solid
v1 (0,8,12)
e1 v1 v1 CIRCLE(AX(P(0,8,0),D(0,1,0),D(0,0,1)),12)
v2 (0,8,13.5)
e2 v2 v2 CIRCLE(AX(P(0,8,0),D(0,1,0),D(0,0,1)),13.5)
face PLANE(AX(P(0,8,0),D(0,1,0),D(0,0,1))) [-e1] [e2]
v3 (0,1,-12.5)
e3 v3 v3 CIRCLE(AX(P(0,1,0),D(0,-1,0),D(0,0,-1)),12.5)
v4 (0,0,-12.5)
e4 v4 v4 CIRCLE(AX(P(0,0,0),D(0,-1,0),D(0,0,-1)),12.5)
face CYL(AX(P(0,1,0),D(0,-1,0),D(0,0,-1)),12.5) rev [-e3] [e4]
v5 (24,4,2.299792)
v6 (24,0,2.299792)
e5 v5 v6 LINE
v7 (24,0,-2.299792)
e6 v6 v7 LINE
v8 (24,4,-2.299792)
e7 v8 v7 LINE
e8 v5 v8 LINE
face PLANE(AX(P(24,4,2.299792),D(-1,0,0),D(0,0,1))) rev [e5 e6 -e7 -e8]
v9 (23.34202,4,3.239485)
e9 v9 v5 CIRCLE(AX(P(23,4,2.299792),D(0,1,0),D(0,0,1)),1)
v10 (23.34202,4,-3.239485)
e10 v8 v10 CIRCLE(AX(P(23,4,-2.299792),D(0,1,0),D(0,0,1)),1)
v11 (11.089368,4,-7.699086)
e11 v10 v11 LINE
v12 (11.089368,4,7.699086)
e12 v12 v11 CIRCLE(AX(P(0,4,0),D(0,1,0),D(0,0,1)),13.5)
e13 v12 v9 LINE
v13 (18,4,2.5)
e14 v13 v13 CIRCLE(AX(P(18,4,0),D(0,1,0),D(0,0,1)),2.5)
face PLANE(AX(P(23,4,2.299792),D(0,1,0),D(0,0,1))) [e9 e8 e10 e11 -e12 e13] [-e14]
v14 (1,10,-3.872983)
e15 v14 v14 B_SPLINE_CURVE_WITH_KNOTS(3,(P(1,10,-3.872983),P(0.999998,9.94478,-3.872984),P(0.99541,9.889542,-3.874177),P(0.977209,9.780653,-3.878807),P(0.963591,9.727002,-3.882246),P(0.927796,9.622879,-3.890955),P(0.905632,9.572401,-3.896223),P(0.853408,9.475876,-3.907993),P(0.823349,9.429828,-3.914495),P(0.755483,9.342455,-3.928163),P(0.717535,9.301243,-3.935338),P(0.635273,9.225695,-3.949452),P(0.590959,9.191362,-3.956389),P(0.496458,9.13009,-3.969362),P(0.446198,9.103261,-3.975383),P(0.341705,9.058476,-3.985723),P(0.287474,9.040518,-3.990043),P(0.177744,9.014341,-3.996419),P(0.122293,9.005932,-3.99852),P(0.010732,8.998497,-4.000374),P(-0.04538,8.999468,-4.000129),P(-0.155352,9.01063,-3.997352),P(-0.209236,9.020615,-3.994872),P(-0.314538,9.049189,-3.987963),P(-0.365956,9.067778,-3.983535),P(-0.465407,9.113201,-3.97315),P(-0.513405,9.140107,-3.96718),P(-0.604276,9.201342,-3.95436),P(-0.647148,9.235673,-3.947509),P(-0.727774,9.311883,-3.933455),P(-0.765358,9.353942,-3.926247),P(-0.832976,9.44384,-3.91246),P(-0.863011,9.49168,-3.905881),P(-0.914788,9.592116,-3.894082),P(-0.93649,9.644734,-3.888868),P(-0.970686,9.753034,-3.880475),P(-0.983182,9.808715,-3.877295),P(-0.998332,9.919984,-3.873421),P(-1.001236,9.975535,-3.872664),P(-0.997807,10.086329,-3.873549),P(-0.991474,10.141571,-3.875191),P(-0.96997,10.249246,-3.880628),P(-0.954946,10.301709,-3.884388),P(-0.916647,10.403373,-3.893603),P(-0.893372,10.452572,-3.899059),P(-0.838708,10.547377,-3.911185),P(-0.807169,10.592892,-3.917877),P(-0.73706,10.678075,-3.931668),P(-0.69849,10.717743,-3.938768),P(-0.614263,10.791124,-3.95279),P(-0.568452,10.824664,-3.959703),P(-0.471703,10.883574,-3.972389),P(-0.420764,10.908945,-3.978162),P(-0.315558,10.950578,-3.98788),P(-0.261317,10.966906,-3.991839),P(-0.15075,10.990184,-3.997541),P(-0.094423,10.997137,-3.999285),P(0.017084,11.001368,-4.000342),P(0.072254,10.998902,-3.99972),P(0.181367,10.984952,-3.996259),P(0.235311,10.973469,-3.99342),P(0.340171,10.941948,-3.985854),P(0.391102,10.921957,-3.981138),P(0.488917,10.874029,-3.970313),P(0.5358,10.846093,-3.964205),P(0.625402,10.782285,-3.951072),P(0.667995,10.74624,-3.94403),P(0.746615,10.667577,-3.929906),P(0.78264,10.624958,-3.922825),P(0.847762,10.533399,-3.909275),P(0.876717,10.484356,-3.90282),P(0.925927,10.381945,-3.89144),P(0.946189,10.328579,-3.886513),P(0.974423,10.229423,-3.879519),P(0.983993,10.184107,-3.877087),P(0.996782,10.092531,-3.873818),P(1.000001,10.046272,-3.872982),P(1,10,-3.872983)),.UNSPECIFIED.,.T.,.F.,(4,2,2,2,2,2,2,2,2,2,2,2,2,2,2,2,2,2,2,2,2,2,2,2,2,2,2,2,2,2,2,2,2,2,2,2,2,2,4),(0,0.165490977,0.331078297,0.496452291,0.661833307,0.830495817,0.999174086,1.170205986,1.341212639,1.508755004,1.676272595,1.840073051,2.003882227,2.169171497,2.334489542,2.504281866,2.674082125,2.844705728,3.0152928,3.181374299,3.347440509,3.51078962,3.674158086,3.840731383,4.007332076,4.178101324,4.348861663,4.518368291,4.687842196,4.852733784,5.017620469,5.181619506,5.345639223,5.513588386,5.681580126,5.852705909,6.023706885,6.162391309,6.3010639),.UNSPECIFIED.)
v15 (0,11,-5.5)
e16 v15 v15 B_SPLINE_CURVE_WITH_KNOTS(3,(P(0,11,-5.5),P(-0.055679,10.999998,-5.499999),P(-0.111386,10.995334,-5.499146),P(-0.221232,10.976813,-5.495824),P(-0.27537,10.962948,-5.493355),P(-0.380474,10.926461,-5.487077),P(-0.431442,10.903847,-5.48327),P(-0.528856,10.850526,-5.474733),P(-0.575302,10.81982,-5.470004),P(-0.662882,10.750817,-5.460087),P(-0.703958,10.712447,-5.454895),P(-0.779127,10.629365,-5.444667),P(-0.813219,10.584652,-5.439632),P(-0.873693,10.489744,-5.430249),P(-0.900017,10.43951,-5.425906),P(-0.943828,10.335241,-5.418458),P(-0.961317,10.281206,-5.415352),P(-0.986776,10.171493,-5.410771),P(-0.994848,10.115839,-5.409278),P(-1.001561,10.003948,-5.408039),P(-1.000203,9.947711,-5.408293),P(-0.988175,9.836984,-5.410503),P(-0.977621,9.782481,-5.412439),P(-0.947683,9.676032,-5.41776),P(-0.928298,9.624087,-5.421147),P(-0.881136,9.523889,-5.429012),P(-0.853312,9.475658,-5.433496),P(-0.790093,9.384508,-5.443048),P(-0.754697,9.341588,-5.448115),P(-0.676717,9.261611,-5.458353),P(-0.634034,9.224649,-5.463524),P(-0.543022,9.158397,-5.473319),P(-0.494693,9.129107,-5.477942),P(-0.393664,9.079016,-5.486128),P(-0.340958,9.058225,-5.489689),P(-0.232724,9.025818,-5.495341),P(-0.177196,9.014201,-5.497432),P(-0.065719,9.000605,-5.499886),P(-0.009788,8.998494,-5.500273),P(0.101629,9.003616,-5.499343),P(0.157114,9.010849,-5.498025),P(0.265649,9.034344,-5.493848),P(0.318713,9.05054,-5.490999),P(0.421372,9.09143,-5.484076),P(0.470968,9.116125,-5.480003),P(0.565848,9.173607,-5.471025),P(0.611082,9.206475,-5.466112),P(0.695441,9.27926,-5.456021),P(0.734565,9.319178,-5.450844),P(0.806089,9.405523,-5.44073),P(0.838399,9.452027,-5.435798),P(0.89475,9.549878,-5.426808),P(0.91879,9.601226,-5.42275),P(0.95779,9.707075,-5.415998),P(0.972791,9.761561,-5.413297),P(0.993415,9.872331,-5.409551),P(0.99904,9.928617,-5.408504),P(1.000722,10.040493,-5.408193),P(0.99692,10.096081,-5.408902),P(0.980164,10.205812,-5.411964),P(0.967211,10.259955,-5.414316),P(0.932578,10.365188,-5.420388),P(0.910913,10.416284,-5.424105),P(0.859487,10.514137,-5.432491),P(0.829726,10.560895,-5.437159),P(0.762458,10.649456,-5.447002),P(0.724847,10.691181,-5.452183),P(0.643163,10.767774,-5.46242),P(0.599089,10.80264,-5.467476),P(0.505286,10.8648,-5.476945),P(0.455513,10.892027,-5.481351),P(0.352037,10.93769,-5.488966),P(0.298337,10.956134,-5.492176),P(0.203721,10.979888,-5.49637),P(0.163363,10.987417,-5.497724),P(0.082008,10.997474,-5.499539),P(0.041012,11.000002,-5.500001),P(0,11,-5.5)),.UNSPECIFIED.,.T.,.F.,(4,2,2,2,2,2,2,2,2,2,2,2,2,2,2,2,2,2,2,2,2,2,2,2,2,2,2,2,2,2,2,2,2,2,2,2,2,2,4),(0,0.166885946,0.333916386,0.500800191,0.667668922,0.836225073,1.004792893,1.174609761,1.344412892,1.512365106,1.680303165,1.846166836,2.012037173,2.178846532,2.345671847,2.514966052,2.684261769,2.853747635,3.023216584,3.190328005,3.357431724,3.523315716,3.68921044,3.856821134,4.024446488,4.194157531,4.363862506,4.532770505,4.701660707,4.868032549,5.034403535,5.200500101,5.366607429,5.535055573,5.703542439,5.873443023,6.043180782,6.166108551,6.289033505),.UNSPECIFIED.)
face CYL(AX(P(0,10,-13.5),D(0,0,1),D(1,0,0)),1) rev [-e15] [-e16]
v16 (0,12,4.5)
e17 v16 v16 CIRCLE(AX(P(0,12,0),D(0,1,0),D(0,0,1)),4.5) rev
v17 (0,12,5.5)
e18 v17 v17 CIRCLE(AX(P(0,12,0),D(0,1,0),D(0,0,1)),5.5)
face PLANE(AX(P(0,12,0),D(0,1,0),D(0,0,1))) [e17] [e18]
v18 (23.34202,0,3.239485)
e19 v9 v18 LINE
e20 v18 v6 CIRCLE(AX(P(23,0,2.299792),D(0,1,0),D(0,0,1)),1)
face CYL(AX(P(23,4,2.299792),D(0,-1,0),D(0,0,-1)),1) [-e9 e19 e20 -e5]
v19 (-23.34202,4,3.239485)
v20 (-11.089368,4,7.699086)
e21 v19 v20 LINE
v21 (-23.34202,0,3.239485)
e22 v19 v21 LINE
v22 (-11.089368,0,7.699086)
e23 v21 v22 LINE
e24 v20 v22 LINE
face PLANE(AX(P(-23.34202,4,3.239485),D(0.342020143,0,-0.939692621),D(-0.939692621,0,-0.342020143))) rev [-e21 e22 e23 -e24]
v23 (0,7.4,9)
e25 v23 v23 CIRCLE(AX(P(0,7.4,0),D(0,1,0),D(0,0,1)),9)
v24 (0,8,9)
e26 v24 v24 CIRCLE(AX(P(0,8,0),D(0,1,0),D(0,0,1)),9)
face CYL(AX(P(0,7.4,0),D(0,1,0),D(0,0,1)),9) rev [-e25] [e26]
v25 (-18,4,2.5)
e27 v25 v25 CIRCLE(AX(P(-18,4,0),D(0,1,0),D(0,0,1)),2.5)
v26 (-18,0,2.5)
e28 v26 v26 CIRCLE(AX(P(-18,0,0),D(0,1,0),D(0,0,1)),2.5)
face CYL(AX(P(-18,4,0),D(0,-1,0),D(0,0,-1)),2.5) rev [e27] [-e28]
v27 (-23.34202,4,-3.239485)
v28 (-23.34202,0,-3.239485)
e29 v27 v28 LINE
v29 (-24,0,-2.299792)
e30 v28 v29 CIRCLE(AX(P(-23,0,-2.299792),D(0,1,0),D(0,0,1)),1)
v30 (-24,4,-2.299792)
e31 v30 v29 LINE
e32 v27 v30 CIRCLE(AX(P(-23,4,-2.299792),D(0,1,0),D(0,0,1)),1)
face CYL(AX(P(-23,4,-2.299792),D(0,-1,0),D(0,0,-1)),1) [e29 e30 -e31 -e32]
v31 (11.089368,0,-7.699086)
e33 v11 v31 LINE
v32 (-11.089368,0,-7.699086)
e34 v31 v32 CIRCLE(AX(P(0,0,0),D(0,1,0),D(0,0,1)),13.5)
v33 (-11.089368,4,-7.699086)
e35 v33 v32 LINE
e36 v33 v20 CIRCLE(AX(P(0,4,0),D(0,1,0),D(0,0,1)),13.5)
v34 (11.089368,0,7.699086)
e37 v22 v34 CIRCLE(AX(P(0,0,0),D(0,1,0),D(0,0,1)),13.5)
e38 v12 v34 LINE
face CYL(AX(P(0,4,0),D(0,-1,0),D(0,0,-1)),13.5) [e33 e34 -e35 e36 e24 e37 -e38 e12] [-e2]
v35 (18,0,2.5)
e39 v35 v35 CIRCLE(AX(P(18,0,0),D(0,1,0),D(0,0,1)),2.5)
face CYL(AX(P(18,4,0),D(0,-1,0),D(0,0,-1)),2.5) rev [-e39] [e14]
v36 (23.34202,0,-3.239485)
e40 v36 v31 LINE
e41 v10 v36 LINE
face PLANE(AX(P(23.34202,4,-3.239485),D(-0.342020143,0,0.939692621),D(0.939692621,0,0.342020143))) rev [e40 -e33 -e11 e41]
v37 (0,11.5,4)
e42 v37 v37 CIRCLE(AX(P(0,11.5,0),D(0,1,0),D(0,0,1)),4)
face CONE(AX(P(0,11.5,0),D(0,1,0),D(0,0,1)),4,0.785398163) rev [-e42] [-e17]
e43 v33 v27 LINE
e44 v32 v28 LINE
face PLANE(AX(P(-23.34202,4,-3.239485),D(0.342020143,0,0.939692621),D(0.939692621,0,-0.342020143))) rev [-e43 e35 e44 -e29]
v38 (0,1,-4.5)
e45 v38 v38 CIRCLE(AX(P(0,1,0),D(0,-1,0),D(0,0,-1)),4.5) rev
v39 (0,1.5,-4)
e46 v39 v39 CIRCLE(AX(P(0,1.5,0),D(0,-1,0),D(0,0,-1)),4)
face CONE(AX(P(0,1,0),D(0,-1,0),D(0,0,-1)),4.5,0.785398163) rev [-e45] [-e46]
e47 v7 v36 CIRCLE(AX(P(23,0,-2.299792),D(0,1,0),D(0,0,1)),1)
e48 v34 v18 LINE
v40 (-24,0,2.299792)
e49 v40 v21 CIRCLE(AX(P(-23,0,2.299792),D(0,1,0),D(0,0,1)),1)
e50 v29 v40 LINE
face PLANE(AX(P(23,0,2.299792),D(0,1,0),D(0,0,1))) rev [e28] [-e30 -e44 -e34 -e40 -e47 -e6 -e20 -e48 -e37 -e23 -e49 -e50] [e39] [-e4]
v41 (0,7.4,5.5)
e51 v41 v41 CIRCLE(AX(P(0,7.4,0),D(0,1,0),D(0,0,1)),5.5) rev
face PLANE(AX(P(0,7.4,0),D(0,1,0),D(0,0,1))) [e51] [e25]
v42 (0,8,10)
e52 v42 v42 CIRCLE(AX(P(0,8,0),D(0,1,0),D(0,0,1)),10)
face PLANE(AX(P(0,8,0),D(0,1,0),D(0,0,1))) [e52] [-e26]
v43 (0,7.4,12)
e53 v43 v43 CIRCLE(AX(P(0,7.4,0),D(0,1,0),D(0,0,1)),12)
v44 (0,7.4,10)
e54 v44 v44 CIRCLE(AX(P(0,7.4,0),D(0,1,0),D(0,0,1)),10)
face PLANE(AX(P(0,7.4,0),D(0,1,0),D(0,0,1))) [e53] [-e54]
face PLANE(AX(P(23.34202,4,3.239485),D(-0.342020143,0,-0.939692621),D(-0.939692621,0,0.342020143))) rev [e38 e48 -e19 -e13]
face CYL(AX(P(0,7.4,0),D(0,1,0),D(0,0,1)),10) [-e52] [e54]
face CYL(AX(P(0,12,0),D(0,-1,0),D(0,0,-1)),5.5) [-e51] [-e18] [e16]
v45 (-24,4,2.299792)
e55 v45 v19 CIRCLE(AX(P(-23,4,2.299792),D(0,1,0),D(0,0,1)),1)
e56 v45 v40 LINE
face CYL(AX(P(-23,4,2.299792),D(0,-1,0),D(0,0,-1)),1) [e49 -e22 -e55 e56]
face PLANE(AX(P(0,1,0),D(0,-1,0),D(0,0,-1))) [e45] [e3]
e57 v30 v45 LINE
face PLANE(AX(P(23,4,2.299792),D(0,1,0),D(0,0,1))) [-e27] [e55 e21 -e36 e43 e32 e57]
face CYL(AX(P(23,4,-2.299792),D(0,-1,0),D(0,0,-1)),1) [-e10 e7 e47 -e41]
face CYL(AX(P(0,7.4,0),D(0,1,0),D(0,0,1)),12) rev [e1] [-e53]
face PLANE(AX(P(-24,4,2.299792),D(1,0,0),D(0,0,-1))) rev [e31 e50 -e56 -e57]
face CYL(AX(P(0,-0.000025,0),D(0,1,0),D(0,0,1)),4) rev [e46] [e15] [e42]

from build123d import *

# Parameters (mm, degrees)
SKETCH_1_R          = 2.5
EXTRUDE_1_DEPTH     = 4
SKETCH_2_R          = 13.5
EXTRUDE_2_DEPTH     = 4
SKETCH_3_R          = 5.5
EXTRUDE_3_DEPTH     = 4
SKETCH_4_R          = 4
CUT_EXTRUDE_1_DEPTH = 13
SKETCH_5_R          = 12
SKETCH_5_R_2        = 10
SKETCH_5_R_3        = 9
SKETCH_5_R_4        = 5.5
CUT_EXTRUDE_2_DEPTH = 0.6
SKETCH_8_R          = 12.5
CUT_EXTRUDE_4_DEPTH = 1
SKETCH_9_R          = 1
CUT_EXTRUDE_5_DEPTH = 14.5
CHAMFER_1_SIZE      = 0.5


with BuildPart() as part:
    # 草图1 → 凸台-拉伸1 (new body)
    with BuildSketch(Plane(origin=(0, 0, 0), x_dir=(1, 0, 0), z_dir=(0, 1, 0))):
        with BuildLine():
            Line((24, -2.299792462), (24, 2.299792462))
            ThreePointArc((24, 2.299792462), (23.819152044, 2.873368898), (23.342020143, 3.239485083))
            Line((23.342020143, 3.239485083), (11.089367754, 7.699085843))
            ThreePointArc((11.089367754, 7.699085843), (0, 13.5), (-11.089367754, 7.699085843))
            Line((-11.089367754, 7.699085843), (-23.342020143, 3.239485083))
            ThreePointArc((-23.342020143, 3.239485083), (-23.819152044, 2.873368898), (-24, 2.299792462))
            Line((-24, 2.299792462), (-24, -2.299792462))
            ThreePointArc((-24, -2.299792462), (-23.819152044, -2.873368898), (-23.342020143, -3.239485083))
            Line((-23.342020143, -3.239485083), (-11.089367754, -7.699085843))
            ThreePointArc((-11.089367754, -7.699085843), (0, -13.5), (11.089367754, -7.699085843))
            Line((11.089367754, -7.699085843), (23.342020143, -3.239485083))
            ThreePointArc((23.342020143, -3.239485083), (23.819152044, -2.873368898), (24, -2.299792462))
        make_face()
        with Locations((-18, 0)):
            Circle(SKETCH_1_R, mode=Mode.SUBTRACT)
        with Locations((18, 0)):
            Circle(SKETCH_1_R, mode=Mode.SUBTRACT)
    extrude(amount=EXTRUDE_1_DEPTH)

    # 草图2 → 凸台-拉伸2 (add)
    with BuildSketch(Plane(origin=(0, 4, 0), x_dir=(1, 0, 0), z_dir=(0, 1, 0))):
        Circle(SKETCH_2_R)
    extrude(amount=EXTRUDE_2_DEPTH)

    # 草图3 → 凸台-拉伸3 (add)
    with BuildSketch(Plane(origin=(0, 8, 0), x_dir=(1, 0, 0), z_dir=(0, 1, 0))):
        Circle(SKETCH_3_R)
    extrude(amount=EXTRUDE_3_DEPTH)

    # 草图4 → 切除-拉伸1 (cut, through all)
    with BuildSketch(Plane(origin=(0, 12, 0), x_dir=(1, 0, 0), z_dir=(0, 1, 0))):
        Circle(SKETCH_4_R)
    extrude(amount=-CUT_EXTRUDE_1_DEPTH, mode=Mode.SUBTRACT)

    # 草图5 → 切除-拉伸2 (cut)
    with BuildSketch(Plane(origin=(0, 8, 0), x_dir=(1, 0, 0), z_dir=(0, 1, 0))):
        Circle(SKETCH_5_R)
        Circle(SKETCH_5_R_2, mode=Mode.SUBTRACT)
        Circle(SKETCH_5_R_3)
        Circle(SKETCH_5_R_4, mode=Mode.SUBTRACT)
    extrude(amount=-CUT_EXTRUDE_2_DEPTH, mode=Mode.SUBTRACT)

    # 草图8 → 切除-拉伸4 (cut)
    with BuildSketch(Plane.XZ):
        Circle(SKETCH_8_R)
    extrude(amount=-CUT_EXTRUDE_4_DEPTH, mode=Mode.SUBTRACT)

    # 草图9 → 切除-拉伸5 (cut, through all)
    with BuildSketch(Plane.XY):
        with Locations((0, 10)):
            Circle(SKETCH_9_R)
    extrude(amount=-CUT_EXTRUDE_5_DEPTH, mode=Mode.SUBTRACT)

    # 倒角1
    chamfer_1_edges = [part.edges().sort_by_distance(p)[0] for p in [
        (-4, 12, 0),
        (-4, 1, 0),
    ]]
    chamfer(chamfer_1_edges, length=CHAMFER_1_SIZE)


solid = part.part
